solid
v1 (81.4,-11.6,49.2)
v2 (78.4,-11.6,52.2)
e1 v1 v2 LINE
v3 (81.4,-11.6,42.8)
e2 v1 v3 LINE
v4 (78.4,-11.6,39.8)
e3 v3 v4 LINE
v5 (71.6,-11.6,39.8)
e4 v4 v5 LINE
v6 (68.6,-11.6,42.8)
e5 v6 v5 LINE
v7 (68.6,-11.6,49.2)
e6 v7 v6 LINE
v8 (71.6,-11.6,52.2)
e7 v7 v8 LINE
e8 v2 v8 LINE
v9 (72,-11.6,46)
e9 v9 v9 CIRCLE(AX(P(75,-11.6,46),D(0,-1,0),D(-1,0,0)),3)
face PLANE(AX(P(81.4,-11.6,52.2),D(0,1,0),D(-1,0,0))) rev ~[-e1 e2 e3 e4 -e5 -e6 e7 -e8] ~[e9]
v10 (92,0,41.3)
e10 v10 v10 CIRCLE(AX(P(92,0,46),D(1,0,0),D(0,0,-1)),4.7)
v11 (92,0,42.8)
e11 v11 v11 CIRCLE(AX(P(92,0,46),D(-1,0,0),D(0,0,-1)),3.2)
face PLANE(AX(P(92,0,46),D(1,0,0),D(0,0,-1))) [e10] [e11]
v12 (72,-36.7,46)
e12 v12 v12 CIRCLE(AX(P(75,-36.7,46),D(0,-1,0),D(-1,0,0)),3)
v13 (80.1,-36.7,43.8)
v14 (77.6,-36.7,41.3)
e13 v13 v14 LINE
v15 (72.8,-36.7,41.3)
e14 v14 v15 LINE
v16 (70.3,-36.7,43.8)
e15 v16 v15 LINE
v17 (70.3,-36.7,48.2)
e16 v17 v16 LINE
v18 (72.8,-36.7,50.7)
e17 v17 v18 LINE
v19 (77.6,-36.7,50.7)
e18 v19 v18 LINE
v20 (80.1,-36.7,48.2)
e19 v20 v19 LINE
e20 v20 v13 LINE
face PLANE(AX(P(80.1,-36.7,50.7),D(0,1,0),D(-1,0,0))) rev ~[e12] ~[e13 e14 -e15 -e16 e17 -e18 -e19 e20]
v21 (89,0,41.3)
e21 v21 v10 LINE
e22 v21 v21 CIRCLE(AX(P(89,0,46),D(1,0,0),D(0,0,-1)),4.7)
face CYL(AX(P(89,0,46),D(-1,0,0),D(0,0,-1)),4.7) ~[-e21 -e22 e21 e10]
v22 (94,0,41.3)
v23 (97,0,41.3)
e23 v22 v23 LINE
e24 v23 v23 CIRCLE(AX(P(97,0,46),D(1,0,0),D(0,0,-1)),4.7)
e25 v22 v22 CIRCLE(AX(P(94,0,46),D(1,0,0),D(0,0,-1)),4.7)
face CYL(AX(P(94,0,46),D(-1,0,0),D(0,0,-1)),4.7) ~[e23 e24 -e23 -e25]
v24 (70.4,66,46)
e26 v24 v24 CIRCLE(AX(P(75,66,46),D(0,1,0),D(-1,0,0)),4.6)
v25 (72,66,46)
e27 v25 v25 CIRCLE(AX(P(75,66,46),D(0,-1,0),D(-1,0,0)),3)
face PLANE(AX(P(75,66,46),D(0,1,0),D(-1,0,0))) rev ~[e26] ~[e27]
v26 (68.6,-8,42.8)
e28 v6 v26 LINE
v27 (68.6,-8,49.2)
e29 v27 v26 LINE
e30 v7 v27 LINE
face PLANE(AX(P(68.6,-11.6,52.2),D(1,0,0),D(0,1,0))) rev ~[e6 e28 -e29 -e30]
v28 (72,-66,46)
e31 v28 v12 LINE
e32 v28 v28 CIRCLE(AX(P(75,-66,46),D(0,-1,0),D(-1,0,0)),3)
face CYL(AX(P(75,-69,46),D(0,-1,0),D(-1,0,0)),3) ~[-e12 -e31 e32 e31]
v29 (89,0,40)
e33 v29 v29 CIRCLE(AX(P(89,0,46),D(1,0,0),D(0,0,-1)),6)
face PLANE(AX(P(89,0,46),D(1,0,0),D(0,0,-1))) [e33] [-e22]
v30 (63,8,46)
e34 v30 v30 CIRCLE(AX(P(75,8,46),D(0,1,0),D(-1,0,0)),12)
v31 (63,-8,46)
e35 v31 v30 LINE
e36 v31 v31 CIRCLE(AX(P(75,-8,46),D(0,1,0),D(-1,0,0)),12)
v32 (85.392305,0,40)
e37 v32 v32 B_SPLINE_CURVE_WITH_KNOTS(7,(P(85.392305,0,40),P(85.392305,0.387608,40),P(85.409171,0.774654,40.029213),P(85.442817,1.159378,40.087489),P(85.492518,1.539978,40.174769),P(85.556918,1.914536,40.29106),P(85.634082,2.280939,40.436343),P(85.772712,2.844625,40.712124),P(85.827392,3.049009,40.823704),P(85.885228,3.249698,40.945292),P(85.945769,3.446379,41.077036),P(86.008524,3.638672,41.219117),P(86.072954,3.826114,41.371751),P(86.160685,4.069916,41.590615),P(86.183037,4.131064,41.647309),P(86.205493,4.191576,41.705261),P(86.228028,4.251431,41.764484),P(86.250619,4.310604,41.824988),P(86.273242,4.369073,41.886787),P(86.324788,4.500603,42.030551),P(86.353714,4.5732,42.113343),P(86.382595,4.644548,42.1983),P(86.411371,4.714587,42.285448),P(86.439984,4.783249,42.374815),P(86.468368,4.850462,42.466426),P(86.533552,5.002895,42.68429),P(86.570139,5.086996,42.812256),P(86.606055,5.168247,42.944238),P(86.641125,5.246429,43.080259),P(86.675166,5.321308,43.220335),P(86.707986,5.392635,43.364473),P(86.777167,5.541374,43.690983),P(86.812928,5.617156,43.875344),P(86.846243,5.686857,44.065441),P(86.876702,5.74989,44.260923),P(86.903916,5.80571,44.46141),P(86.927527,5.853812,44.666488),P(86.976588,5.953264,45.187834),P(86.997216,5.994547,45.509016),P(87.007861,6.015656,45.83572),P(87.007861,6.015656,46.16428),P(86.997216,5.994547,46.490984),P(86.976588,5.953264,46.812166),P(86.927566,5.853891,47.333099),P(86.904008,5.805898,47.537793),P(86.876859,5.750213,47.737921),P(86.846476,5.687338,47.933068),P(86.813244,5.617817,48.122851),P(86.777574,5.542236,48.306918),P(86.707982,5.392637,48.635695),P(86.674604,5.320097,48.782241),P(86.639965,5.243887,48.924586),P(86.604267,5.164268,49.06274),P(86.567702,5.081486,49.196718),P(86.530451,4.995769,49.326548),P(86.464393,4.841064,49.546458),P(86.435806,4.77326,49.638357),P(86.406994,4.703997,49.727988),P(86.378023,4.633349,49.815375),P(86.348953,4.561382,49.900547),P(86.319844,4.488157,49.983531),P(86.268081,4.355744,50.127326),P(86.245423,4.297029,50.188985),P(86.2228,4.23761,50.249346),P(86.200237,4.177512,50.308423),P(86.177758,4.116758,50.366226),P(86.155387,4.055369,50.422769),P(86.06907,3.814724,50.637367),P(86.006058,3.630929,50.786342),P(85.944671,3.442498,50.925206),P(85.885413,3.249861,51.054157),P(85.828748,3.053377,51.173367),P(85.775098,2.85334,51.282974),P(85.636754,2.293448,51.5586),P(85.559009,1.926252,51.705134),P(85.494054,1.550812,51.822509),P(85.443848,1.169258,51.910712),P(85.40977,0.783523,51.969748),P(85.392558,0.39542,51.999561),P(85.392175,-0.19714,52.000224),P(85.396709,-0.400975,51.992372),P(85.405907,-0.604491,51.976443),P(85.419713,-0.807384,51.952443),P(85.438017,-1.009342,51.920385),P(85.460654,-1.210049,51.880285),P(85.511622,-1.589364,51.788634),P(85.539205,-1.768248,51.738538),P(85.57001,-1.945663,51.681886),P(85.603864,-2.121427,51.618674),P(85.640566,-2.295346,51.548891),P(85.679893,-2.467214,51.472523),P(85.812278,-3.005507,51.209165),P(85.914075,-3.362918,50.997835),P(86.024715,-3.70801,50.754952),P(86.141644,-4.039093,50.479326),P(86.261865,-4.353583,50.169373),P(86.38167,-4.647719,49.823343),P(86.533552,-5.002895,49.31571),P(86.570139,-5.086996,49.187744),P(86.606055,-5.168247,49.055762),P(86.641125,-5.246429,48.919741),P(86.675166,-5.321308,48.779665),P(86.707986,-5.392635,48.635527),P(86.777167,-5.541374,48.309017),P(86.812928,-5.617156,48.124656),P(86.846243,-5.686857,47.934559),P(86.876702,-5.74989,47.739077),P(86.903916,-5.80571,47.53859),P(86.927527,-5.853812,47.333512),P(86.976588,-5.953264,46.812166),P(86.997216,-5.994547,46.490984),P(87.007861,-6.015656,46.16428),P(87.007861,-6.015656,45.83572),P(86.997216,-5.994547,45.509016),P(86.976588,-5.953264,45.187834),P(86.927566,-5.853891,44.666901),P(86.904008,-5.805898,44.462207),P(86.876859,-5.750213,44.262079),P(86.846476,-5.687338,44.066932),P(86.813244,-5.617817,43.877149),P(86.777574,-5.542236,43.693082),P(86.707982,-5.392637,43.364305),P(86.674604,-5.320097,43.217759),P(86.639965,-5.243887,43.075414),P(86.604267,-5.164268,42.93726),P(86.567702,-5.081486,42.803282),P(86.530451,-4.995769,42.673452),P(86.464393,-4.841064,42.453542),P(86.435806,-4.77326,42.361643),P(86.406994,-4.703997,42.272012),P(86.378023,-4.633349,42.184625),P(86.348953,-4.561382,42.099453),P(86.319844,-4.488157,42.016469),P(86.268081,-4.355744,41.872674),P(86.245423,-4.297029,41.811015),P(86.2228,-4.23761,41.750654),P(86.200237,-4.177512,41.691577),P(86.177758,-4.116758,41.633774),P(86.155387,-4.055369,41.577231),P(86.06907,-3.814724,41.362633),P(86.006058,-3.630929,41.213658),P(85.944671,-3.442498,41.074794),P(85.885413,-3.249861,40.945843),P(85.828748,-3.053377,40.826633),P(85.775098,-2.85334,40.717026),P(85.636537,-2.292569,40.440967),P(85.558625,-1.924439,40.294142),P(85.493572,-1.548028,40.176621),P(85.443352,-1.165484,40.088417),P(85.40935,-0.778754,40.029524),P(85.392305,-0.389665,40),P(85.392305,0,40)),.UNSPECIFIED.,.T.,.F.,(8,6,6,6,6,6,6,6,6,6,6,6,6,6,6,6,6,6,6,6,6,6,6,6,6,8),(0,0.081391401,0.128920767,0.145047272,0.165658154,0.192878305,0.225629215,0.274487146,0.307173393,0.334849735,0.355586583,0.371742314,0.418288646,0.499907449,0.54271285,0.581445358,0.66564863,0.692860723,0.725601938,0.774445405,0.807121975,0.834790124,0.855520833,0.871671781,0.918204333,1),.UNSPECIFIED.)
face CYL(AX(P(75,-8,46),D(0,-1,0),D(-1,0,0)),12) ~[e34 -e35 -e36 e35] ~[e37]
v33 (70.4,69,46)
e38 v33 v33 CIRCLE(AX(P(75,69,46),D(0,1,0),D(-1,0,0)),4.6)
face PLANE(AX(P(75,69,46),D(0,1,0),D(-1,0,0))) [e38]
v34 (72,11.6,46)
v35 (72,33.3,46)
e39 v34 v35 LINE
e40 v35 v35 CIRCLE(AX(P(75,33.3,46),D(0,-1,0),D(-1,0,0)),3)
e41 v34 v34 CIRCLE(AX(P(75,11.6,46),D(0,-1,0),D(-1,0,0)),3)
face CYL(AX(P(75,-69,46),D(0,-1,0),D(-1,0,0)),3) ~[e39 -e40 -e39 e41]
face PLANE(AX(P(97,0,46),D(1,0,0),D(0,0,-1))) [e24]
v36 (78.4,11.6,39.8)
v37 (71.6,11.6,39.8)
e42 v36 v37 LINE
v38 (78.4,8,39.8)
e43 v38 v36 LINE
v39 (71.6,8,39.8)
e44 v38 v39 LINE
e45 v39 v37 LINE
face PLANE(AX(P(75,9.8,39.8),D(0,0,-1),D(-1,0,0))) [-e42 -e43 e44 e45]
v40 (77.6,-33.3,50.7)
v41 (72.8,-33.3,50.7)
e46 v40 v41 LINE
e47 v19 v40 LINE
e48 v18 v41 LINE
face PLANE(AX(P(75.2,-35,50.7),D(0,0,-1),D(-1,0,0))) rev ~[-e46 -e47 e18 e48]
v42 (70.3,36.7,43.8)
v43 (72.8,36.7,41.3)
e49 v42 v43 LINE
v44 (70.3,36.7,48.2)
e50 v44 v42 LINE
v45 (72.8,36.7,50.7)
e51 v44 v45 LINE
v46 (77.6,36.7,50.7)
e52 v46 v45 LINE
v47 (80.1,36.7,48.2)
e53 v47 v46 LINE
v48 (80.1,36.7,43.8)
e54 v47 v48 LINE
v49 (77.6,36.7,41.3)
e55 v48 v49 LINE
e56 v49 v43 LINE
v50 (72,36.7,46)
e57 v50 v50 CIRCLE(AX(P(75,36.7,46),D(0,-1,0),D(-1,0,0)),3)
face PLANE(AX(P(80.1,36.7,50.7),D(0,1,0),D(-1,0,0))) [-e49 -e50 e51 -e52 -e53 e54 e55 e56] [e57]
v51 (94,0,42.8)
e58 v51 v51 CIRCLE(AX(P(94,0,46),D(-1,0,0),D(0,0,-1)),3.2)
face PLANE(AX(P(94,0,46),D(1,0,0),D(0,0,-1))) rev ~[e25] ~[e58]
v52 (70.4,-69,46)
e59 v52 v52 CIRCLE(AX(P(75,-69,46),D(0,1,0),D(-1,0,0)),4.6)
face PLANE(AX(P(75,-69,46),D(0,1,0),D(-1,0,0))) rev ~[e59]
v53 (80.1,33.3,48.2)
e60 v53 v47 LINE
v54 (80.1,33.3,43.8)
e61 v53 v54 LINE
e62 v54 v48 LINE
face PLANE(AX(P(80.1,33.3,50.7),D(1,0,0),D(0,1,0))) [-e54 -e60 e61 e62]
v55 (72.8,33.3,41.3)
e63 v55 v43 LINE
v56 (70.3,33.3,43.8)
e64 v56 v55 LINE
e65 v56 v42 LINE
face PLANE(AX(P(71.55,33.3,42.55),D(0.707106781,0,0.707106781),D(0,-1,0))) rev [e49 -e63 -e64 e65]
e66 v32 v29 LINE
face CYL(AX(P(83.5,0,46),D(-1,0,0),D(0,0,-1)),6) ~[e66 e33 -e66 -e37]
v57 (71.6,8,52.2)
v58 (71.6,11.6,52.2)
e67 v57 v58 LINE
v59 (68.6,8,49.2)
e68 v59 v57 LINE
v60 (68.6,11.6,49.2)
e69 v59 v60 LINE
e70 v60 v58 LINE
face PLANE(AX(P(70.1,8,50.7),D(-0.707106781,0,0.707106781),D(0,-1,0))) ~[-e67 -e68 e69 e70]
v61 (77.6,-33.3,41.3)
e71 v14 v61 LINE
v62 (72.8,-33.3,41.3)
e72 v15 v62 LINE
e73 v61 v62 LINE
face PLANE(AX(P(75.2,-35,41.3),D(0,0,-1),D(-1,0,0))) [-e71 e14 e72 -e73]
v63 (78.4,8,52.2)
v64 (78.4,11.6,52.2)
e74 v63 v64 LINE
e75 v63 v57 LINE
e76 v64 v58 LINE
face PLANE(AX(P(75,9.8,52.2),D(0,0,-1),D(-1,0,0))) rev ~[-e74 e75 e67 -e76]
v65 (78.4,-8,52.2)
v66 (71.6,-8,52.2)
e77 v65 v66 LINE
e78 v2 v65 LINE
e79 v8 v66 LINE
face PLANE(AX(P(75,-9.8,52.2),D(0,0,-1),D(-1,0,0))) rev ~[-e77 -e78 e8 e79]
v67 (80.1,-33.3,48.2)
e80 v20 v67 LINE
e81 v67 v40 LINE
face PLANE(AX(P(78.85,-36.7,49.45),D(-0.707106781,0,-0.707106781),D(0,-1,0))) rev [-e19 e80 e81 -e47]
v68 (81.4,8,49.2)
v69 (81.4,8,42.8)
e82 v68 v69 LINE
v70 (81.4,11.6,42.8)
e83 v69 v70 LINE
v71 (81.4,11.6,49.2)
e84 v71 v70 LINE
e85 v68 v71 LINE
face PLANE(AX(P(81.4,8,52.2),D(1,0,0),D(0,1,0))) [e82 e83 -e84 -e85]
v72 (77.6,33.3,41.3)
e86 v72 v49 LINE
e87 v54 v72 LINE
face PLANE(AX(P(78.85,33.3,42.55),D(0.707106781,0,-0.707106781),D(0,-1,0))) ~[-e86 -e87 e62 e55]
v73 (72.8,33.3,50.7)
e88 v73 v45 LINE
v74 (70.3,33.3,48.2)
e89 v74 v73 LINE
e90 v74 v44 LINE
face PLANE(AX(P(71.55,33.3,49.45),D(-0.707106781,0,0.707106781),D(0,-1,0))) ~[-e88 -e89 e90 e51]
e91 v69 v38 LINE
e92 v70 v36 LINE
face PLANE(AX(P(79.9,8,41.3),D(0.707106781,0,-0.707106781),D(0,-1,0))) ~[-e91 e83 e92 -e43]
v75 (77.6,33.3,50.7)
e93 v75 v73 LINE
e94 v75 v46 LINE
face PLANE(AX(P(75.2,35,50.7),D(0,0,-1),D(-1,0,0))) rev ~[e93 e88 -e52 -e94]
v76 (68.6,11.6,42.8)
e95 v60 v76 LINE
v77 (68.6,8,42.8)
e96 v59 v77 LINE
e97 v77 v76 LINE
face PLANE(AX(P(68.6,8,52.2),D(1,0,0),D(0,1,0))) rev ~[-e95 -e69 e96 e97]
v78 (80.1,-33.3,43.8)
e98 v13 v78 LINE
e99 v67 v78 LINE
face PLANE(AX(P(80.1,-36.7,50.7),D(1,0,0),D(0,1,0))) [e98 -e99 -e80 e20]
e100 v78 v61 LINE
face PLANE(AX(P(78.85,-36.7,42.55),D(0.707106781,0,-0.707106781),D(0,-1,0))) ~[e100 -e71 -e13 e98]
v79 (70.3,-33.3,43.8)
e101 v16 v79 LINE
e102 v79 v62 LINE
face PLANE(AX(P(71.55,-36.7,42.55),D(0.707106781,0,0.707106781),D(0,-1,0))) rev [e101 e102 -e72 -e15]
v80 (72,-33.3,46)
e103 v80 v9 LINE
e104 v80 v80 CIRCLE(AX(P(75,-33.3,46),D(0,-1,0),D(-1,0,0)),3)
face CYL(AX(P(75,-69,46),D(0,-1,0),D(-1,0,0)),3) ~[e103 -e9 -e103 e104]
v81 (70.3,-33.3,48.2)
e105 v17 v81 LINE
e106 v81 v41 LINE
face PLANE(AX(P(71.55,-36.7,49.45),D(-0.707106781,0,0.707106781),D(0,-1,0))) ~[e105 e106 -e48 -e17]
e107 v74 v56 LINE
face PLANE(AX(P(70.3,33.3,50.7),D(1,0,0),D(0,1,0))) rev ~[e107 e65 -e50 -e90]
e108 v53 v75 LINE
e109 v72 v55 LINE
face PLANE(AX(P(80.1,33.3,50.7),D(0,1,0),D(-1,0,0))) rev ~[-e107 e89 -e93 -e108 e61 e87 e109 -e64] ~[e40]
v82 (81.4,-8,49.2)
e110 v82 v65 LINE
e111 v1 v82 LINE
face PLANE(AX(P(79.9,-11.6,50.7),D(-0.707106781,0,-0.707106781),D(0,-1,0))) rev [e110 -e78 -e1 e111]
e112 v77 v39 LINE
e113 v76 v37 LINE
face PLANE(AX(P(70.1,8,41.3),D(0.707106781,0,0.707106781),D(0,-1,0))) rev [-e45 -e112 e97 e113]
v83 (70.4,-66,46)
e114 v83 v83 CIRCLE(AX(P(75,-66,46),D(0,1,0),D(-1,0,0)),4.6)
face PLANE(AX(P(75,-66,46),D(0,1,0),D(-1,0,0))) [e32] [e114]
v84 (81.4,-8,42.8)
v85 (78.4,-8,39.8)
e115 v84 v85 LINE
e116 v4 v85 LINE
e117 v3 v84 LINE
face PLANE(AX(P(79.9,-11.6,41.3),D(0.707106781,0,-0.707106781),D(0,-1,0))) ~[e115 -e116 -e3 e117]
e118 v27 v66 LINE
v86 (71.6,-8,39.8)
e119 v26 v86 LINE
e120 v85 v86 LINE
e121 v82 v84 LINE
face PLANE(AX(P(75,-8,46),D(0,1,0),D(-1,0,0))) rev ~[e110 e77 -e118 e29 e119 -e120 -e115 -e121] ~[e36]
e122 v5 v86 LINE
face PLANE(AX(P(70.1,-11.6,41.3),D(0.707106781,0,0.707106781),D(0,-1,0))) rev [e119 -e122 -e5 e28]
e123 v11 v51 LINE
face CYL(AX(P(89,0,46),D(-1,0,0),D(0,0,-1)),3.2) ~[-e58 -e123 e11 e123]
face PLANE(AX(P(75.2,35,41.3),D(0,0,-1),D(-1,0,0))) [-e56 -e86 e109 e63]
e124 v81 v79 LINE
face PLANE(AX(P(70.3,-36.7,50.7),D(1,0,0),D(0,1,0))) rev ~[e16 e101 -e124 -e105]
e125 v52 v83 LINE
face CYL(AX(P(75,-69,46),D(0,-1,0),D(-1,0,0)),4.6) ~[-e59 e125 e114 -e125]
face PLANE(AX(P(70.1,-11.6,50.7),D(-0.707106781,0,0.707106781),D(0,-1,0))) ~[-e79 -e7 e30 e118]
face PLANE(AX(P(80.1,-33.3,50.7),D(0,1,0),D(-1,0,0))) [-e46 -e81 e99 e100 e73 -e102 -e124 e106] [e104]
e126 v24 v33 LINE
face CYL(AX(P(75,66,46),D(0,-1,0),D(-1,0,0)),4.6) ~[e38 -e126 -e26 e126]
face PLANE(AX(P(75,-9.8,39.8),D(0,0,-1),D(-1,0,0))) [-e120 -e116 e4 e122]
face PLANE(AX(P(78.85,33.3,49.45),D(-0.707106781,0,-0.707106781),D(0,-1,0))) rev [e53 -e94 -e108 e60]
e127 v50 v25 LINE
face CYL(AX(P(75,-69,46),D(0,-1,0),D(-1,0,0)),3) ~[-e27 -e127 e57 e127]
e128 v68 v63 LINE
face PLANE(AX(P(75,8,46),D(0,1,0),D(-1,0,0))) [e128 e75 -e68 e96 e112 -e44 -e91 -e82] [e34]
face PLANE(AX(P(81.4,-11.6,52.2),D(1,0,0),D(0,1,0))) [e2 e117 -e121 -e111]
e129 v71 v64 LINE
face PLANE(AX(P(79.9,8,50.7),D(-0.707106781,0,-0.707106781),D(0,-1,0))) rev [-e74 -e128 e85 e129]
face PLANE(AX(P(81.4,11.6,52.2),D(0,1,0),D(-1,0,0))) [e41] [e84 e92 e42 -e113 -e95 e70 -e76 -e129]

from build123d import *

# Parameters (mm, degrees)
BOX197_W                                          = 9.8
BOX197_H                                          = 3.4
BOX197_DEPTH                                      = 9.4
CHAMFER218_SIZE                                   = 2.5
CYLINDER692_R                                     = 3
CYLINDER692_DEPTH                                 = 138
CYLINDER688_R                                     = 4.7
CYLINDER688_DEPTH                                 = 3
CYLINDER689_R                                     = 3.2
CYLINDER689_DEPTH                                 = 8
CYLINDER687_R                                     = 4.7
CYLINDER687_DEPTH                                 = 3
CYLINDER686_R                                     = 6
CYLINDER686_DEPTH                                 = 5.5
FUSION088026007031024007017_PLACEMENT_ANGLE       = 180
BOX250_W                                          = 12.8
BOX250_H                                          = 3.6
BOX250_DEPTH                                      = 12.4
CHAMFER228009_SIZE                                = 3
BOX251_W                                          = 12.8
BOX251_H                                          = 3.6
BOX251_DEPTH                                      = 12.4
CHAMFER228008_SIZE                                = 3
CYLINDER685_R                                     = 12
CYLINDER685_DEPTH                                 = 16
CYLINDER690_R                                     = 4.6
CYLINDER690_DEPTH                                 = 3
CYLINDER691_R                                     = 4.6
CYLINDER691_DEPTH                                 = 3
BOX198_W                                          = 9.8
BOX198_H                                          = 3.4
BOX198_DEPTH                                      = 9.4
CHAMFER219_SIZE                                   = 2.5
FUSION088026007031024007008004058_PLACEMENT_ANGLE = 180


with BuildPart() as chamfer218:
    # Box197 → Box197 (new body)
    with BuildSketch(Plane(origin=(2.4, 22.8, 2.8), x_dir=(1, 0, 0), z_dir=(0, 0, 1))):
        with Locations((4.9, 1.7)):
            Rectangle(BOX197_W, BOX197_H)
    extrude(amount=BOX197_DEPTH)

    # Chamfer218
    chamfer218_edges = [chamfer218.edges().sort_by_distance(p)[0] for p in [
        (2.4, 24.5, 12.2),
        (2.4, 24.5, 2.8),
        (12.2, 24.5, 12.2),
        (12.2, 24.5, 2.8),
    ]]
    chamfer(chamfer218_edges, length=CHAMFER218_SIZE)


with BuildPart() as chamfer218_1:
    # Chamfer218 placement: moved
    add(chamfer218.part.moved(Location((-7.5, 33.5, -7.5))))


with BuildPart() as cylinder692:
    # Cylinder692 → Cylinder692 (new body)
    with BuildSketch(Plane(origin=(0, 24, 0), x_dir=(1, 0, 0), z_dir=(0, 1, 0))):
        Circle(CYLINDER692_R)
    extrude(amount=CYLINDER692_DEPTH)


with BuildPart() as cylinder688:
    # Cylinder688 → Cylinder688 (new body)
    with BuildSketch(Plane(origin=(26.5, 52, 7.5), x_dir=(0, 0, -1), z_dir=(1, 0, 0))):
        Circle(CYLINDER688_R)
    extrude(amount=CYLINDER688_DEPTH)


with BuildPart() as cylinder689:
    # Cylinder689 → Cylinder689 (new body)
    with BuildSketch(Plane(origin=(21.5, 52, 7.5), x_dir=(0, 0, -1), z_dir=(1, 0, 0))):
        Circle(CYLINDER689_R)
    extrude(amount=CYLINDER689_DEPTH)


with BuildPart() as cylinder687:
    # Cylinder687 → Cylinder687 (new body)
    with BuildSketch(Plane(origin=(21.5, 52, 7.5), x_dir=(0, 0, -1), z_dir=(1, 0, 0))):
        Circle(CYLINDER687_R)
    extrude(amount=CYLINDER687_DEPTH)


with BuildPart() as pinion_bearings_carving003:
    # Cylinder686 → Cylinder686 (new body)
    with BuildSketch(Plane(origin=(16, 52, 7.5), x_dir=(0, 0, -1), z_dir=(1, 0, 0))):
        Circle(CYLINDER686_R)
    extrude(amount=CYLINDER686_DEPTH)

    # Fusion088026007031024007017: union Cylinder688, Cylinder689, Cylinder687
    add(cylinder688.part)
    add(cylinder689.part)
    add(cylinder687.part)


with BuildPart() as pinion_bearings_carving003_1:
    # Fusion088026007031024007017 placement: moved
    add(pinion_bearings_carving003.part.moved(Location((7.5, 41, 7.5))).rotate(Axis((7.5, 41, 7.5), (0, 1, 0)), FUSION088026007031024007017_PLACEMENT_ANGLE))


with BuildPart() as chamfer228009:
    # Box250 → Box250 (new body)
    with BuildSketch(Plane(origin=(1.1, 21.9, 1.3), x_dir=(1, 0, 0), z_dir=(0, 0, 1))):
        with Locations((6.4, 1.8)):
            Rectangle(BOX250_W, BOX250_H)
    extrude(amount=BOX250_DEPTH)

    # Chamfer228009
    chamfer228009_edges = [chamfer228009.edges().sort_by_distance(p)[0] for p in [
        (1.1, 23.7, 13.7),
        (1.1, 23.7, 1.3),
        (13.9, 23.7, 13.7),
        (13.9, 23.7, 1.3),
    ]]
    chamfer(chamfer228009_edges, length=CHAMFER228009_SIZE)


with BuildPart() as chamfer228009_1:
    # Chamfer228009 placement: moved
    add(chamfer228009.part.moved(Location((-7.5, 59.5, -7.5))))


with BuildPart() as chamfer228008:
    # Box251 → Box251 (new body)
    with BuildSketch(Plane(origin=(1.1, 21.5, 1.3), x_dir=(1, 0, 0), z_dir=(0, 0, 1))):
        with Locations((6.4, 1.8)):
            Rectangle(BOX251_W, BOX251_H)
    extrude(amount=BOX251_DEPTH)

    # Chamfer228008
    chamfer228008_edges = [chamfer228008.edges().sort_by_distance(p)[0] for p in [
        (1.1, 23.3, 13.7),
        (1.1, 23.3, 1.3),
        (13.9, 23.3, 13.7),
        (13.9, 23.3, 1.3),
    ]]
    chamfer(chamfer228008_edges, length=CHAMFER228008_SIZE)


with BuildPart() as chamfer228008_1:
    # Chamfer228008 placement: moved
    add(chamfer228008.part.moved(Location((-7.5, 79.5, -7.5))))


with BuildPart() as cylinder685:
    # Cylinder685 → Cylinder685 (new body)
    with BuildSketch(Plane(origin=(0, 85, 0), x_dir=(1, 0, 0), z_dir=(0, 1, 0))):
        Circle(CYLINDER685_R)
    extrude(amount=CYLINDER685_DEPTH)


with BuildPart() as cylinder690:
    # Cylinder690 → Cylinder690 (new body)
    with BuildSketch(Plane(origin=(0, 24, 0), x_dir=(1, 0, 0), z_dir=(0, 1, 0))):
        Circle(CYLINDER690_R)
    extrude(amount=CYLINDER690_DEPTH)


with BuildPart() as cylinder691:
    # Cylinder691 → Cylinder691 (new body)
    with BuildSketch(Plane(origin=(0, 159, 0), x_dir=(1, 0, 0), z_dir=(0, 1, 0))):
        Circle(CYLINDER691_R)
    extrude(amount=CYLINDER691_DEPTH)


with BuildPart() as inner_carving_rear:
    # Box198 → Box198 (new body)
    with BuildSketch(Plane(origin=(2.4, 22.8, 2.8), x_dir=(1, 0, 0), z_dir=(0, 0, 1))):
        with Locations((4.9, 1.7)):
            Rectangle(BOX198_W, BOX198_H)
    extrude(amount=BOX198_DEPTH)

    # Chamfer219
    chamfer219_edges = [inner_carving_rear.edges().sort_by_distance(p)[0] for p in [
        (2.4, 24.5, 12.2),
        (2.4, 24.5, 2.8),
        (12.2, 24.5, 12.2),
        (12.2, 24.5, 2.8),
    ]]
    chamfer(chamfer219_edges, length=CHAMFER219_SIZE)


with BuildPart() as inner_carving_rear_1:
    # Chamfer219 placement: moved
    add(inner_carving_rear.part.moved(Location((-7.5, 103.5, -7.5))))

    # Fusion088026007031024007008004058: union Chamfer218, Cylinder692, pinion-bearings-carving003, Chamfer228009, Chamfer228008, Cylinder685, Cylinder690, Cylinder691
    add(chamfer218_1.part)
    add(cylinder692.part)
    add(pinion_bearings_carving003_1.part)
    add(chamfer228009_1.part)
    add(chamfer228008_1.part)
    add(cylinder685.part)
    add(cylinder690.part)
    add(cylinder691.part)


with BuildPart() as inner_carving_rear_2:
    # Fusion088026007031024007008004058 placement: moved
    add(inner_carving_rear_1.part.moved(Location((75, -93, 46))).rotate(Axis((75, -93, 46), (0, 1, 0)), FUSION088026007031024007008004058_PLACEMENT_ANGLE))


solid = inner_carving_rear_2.part
